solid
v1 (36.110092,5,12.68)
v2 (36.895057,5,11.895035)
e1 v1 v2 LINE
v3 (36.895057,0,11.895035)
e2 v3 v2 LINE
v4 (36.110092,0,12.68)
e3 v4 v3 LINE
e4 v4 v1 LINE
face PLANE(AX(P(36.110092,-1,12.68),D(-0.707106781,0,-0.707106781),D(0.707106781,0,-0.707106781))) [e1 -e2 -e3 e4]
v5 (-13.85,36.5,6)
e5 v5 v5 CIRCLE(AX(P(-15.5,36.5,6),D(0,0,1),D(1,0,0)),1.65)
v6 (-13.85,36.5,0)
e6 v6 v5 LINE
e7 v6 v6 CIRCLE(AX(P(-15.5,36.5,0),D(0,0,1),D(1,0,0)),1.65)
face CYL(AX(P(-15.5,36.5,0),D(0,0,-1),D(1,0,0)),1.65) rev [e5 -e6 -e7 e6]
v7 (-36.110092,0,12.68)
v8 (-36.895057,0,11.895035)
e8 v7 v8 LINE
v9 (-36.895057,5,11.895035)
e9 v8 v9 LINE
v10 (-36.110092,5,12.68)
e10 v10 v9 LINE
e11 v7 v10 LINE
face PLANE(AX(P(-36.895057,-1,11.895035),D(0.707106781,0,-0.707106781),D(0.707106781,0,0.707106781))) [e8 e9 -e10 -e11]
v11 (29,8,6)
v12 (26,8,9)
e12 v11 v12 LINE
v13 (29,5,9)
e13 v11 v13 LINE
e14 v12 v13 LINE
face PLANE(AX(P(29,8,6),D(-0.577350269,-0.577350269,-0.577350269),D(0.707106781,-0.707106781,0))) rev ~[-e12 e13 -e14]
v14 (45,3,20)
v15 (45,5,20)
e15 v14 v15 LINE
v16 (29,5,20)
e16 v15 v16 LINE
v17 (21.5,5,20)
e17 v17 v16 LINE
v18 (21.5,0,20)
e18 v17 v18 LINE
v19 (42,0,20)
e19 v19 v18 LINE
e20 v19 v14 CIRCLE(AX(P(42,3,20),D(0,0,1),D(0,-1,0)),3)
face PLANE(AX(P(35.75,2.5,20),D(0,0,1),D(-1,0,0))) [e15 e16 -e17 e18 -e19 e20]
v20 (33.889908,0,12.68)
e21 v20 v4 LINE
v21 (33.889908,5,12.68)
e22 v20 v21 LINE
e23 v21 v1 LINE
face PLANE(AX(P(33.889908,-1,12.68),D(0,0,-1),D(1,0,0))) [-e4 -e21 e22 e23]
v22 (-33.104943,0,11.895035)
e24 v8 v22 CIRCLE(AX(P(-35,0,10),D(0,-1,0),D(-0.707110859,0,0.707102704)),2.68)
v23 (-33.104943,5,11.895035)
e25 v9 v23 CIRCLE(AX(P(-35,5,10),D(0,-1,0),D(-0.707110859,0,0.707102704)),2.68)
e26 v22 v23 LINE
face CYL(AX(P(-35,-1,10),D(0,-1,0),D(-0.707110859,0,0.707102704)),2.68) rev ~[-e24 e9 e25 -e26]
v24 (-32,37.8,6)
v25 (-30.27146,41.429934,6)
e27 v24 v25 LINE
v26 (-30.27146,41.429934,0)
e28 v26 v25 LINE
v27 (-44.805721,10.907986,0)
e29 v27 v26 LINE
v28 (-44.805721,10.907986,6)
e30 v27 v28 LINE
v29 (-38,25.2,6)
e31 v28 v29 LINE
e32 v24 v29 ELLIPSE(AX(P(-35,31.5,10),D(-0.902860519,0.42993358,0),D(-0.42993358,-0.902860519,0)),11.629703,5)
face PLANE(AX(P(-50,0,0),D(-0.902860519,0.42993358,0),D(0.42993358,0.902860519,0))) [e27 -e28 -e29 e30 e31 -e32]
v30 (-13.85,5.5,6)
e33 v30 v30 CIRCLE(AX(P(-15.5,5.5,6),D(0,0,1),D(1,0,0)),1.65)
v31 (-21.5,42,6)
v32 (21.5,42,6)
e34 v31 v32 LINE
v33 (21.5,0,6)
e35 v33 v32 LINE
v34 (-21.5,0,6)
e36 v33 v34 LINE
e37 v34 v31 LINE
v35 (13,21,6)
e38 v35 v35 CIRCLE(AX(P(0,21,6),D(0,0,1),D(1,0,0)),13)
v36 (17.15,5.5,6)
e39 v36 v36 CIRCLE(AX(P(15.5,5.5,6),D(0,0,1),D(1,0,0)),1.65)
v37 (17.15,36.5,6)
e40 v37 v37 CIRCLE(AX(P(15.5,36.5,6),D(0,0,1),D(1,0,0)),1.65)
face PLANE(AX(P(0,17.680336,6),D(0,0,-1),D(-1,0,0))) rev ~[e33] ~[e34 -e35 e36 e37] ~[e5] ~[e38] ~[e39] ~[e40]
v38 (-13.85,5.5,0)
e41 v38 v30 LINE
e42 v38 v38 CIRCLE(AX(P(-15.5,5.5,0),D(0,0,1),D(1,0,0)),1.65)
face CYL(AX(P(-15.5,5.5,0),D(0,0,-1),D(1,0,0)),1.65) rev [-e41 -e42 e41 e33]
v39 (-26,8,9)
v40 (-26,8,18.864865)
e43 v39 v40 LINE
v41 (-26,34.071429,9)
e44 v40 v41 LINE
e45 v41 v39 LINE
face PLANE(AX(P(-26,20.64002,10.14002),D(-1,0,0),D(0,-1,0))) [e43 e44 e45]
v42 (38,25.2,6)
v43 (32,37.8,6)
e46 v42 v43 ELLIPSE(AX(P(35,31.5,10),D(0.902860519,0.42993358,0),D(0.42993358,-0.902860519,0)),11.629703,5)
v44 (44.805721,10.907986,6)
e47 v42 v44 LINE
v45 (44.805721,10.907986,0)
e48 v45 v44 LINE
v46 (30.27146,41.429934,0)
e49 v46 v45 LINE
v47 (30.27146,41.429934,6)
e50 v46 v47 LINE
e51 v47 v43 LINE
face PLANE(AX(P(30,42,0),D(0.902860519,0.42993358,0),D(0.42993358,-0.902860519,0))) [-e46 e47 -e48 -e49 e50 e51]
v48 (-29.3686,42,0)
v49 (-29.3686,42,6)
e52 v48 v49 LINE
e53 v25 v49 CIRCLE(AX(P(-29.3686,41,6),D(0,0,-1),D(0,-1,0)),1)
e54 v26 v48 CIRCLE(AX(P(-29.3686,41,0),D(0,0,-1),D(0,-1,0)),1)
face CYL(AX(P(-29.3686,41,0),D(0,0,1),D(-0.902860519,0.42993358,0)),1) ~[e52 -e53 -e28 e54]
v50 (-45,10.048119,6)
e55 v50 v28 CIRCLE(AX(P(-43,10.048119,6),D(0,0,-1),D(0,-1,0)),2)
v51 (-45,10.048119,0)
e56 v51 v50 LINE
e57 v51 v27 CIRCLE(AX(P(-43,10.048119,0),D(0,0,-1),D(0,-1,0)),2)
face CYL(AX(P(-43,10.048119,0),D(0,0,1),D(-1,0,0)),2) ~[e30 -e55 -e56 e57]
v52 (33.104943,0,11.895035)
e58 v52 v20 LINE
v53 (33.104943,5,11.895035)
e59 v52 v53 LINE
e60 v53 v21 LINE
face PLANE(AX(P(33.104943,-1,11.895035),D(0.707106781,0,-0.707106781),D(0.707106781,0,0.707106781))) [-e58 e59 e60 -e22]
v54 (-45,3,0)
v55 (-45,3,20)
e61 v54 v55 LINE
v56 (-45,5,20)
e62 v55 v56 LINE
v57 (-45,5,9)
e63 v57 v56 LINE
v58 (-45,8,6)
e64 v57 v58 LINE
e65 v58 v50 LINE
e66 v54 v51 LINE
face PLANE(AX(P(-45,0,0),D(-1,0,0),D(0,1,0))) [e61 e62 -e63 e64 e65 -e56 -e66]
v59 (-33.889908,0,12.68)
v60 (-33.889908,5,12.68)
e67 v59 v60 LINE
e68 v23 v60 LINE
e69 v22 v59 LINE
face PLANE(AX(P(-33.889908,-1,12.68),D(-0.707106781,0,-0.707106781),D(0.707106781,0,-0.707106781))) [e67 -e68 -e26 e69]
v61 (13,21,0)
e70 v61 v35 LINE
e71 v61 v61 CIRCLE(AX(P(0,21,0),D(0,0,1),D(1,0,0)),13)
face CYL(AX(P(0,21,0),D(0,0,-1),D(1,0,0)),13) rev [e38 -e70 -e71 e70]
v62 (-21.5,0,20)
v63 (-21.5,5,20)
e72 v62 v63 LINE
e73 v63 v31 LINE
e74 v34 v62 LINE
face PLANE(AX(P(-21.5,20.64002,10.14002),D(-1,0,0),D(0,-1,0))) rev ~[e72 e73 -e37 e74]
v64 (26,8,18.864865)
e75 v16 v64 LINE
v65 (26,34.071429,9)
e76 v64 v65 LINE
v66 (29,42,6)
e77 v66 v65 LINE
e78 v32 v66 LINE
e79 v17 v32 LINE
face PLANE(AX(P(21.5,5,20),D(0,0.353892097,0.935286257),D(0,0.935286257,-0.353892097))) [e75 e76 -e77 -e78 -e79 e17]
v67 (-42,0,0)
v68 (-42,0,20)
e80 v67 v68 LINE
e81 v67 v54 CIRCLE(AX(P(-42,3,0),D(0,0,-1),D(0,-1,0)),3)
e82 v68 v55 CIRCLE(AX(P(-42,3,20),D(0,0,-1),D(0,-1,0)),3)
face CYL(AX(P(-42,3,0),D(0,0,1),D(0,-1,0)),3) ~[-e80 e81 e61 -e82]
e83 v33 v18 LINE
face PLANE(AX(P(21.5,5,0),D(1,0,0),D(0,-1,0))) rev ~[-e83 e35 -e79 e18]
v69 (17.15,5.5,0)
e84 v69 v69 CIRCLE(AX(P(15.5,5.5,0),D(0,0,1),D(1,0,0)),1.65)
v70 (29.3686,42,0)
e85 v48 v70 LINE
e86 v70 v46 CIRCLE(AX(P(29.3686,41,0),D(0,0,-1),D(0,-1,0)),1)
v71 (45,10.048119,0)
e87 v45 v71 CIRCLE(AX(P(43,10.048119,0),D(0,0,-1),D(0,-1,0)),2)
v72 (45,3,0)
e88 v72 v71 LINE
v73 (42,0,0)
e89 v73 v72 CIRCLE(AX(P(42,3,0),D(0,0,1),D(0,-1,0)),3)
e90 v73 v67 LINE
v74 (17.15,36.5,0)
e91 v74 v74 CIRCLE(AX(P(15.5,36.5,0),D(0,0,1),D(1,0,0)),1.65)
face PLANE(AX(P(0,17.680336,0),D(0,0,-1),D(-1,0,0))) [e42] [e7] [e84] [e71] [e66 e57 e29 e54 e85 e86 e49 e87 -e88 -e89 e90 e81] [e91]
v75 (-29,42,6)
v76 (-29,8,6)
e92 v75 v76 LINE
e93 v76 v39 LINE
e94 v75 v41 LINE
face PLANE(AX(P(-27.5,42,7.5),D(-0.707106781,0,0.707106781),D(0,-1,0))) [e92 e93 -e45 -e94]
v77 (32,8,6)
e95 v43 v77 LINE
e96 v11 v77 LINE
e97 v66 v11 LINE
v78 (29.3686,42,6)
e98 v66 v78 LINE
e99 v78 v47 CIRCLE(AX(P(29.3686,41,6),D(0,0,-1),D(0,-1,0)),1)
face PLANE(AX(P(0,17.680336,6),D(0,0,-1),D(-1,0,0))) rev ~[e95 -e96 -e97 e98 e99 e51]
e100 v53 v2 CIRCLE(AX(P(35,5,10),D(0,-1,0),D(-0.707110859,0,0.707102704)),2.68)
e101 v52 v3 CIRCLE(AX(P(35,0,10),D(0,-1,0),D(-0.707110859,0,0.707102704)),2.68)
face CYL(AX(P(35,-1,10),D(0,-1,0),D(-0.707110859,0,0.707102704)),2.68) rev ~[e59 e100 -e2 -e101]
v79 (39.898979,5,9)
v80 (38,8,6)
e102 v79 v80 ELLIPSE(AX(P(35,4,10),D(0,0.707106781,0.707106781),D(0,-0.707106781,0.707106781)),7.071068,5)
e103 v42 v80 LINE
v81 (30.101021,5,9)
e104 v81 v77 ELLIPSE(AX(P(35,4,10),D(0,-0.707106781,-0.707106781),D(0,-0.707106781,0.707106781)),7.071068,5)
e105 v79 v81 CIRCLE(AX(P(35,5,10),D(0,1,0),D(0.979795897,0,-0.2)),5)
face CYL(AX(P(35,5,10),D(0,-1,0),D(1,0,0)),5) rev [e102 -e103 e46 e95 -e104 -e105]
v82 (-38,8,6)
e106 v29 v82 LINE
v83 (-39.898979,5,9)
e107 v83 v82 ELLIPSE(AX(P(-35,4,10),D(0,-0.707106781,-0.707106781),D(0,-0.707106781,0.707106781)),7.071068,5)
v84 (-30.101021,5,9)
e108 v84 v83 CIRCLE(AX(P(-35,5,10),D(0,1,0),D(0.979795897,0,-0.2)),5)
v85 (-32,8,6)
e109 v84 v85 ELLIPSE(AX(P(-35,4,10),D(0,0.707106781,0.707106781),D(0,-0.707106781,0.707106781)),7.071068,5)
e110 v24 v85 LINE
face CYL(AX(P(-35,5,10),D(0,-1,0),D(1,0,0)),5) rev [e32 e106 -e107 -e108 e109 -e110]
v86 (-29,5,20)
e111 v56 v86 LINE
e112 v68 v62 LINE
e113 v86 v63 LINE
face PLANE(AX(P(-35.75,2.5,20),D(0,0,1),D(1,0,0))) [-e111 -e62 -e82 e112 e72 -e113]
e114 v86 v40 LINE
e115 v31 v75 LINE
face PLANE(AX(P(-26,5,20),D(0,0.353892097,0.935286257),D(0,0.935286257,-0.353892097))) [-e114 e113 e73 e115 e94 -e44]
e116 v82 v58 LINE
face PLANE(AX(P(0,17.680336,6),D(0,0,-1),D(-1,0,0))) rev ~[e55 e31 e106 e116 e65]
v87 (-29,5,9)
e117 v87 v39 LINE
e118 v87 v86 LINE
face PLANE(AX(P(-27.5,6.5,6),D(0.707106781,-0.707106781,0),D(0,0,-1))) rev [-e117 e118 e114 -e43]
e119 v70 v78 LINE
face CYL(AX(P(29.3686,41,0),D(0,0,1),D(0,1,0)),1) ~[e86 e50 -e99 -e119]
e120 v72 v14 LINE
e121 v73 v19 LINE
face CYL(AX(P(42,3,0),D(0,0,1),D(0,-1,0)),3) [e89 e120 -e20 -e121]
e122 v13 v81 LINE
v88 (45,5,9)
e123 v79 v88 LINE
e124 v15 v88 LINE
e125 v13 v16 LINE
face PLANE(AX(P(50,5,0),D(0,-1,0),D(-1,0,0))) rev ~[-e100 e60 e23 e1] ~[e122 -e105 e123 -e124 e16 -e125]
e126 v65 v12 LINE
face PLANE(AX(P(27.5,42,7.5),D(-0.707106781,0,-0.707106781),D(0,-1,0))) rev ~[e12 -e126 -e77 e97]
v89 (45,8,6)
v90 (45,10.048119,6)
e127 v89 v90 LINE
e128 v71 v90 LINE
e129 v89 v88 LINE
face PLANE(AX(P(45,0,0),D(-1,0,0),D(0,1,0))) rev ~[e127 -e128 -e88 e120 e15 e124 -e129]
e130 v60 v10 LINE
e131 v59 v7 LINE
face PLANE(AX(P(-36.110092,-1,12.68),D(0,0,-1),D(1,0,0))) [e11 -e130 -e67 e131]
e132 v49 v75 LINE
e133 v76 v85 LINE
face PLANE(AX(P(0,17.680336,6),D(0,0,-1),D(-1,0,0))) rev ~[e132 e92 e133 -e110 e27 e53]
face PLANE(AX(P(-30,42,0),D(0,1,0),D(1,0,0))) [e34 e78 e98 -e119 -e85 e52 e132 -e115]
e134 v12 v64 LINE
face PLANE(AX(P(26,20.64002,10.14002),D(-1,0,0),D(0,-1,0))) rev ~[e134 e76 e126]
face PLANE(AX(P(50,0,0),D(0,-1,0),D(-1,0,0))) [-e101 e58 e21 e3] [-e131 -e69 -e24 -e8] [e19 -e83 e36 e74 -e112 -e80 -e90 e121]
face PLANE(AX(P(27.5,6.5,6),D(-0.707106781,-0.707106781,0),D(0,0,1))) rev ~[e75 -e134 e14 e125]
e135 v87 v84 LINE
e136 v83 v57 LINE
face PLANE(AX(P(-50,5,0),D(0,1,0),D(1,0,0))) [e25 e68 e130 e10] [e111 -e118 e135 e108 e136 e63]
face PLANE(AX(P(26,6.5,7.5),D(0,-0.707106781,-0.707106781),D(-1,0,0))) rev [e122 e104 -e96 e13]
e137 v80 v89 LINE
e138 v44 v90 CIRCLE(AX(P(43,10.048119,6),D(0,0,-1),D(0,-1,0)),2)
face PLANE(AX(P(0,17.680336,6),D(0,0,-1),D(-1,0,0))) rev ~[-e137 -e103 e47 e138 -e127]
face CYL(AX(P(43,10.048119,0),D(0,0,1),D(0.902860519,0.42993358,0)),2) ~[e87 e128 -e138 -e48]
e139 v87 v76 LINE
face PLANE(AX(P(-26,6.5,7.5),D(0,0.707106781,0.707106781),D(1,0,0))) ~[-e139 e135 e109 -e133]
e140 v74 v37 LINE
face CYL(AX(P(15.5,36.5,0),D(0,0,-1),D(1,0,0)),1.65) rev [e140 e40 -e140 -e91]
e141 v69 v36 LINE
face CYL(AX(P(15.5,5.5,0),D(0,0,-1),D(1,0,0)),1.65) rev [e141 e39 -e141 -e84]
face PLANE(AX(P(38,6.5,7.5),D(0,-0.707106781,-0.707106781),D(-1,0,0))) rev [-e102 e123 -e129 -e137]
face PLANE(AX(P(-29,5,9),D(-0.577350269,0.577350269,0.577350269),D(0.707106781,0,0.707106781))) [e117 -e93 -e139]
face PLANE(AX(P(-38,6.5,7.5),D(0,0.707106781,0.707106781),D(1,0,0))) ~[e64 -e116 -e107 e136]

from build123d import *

# Parameters (mm, degrees)
BOX001_W                             = 10
BOX001_H                             = 20
BOX001_DEPTH                         = 20
EXTRUDE002_DEPTH                     = 10
EXTRUDE002_ONTO_SKETCH003_ROLL_ANGLE = 90
BOX_W                                = 28.5
BOX_H                                = 5
BOX_DEPTH                            = 20
CLONE_PLACEMENT_ANGLE                = 180
CYLINDER_R                           = 5
CYLINDER_DEPTH                       = 35
CYLINDER_ROLL_ANGLE                  = -90
SKETCH_R                             = 1.65
SKETCH_R_2                           = 13
EXTRUDE_DEPTH                        = 6
EXTRUDE001_DEPTH                     = 4.5
CHAMFER_SIZE                         = 3
FILLET_1_R                           = 3
FILLET_2_R                           = 2
FILLET_3_R                           = 1


with BuildPart() as cubo:
    # Box001 → Box001 (new body)
    with BuildSketch(Plane(origin=(45, 0, 0), x_dir=(1, 0, 0), z_dir=(0, 0, 1))):
        with Locations((5, 10)):
            Rectangle(BOX001_W, BOX001_H)
    extrude(amount=BOX001_DEPTH)


with BuildPart() as clone_of_cubo:
    # Clone004 base: copy of Cubo
    add(cubo.part)


with BuildPart() as clone_of_cubo_1:
    # Clone004 placement: moved
    add(clone_of_cubo.part.moved(Location((-100, 0, 0))))


with BuildPart() as cubos_recorte:
    # Fusion002 base: copy of Cubo
    add(cubo.part)

    # Fusion002: union Clone of Cubo
    add(clone_of_cubo_1.part)


with BuildPart() as m5_repraphole_extrusion:
    # Sketch003 as drawn → Extrude002 (new)
    with BuildSketch(Plane.XY):
        with BuildLine():
            ThreePointArc((-1.895057, 1.895035), (0, -2.68), (1.895057, 1.895035))
            Line((1.110092, 2.68), (1.895057, 1.895035))
            Line((-1.110092, 2.68), (1.110092, 2.68))
            Line((-1.895057, 1.895035), (-1.110092, 2.68))
        make_face()
    extrude(amount=-EXTRUDE002_DEPTH)


with BuildPart() as m5_repraphole_extrusion_1:
    # Extrude002 onto Sketch003 roll: moved
    add(m5_repraphole_extrusion.part.rotate(Axis((0, 0, 0), (1, 0, 0)), EXTRUDE002_ONTO_SKETCH003_ROLL_ANGLE))


with BuildPart() as m5_repraphole_extrusion_2:
    # Extrude002 onto Sketch003 placement: moved
    add(m5_repraphole_extrusion_1.part.moved(Location((0, 0, 10))))


with BuildPart() as m5_repraphole_extrusion_3:
    # Extrude002 placement: moved
    add(m5_repraphole_extrusion_2.part.moved(Location((35, -1, 0))))


with BuildPart() as clone002:
    # Clone002 base: copy of M5_repraphole_extrusion
    add(m5_repraphole_extrusion_3.part)


with BuildPart() as clone002_1:
    # Clone002 placement: moved
    add(clone002.part.moved(Location((-70, 0, 0))))


with BuildPart() as soporte_vertical:
    # Box → Box (new body)
    with BuildSketch(Plane(origin=(-50, 0, 0), x_dir=(1, 0, 0), z_dir=(0, 0, 1))):
        with Locations((14.25, 2.5)):
            Rectangle(BOX_W, BOX_H)
    extrude(amount=BOX_DEPTH)


with BuildPart() as cut:
    # Cut base: copy of soporte_vertical
    add(soporte_vertical.part)

    # Cut: cut Clone002
    add(clone002_1.part, mode=Mode.SUBTRACT)


with BuildPart() as cut001:
    # Clone base: copy of soporte_vertical
    add(soporte_vertical.part)


with BuildPart() as cut001_1:
    # Clone placement: moved
    add(cut001.part.moved(Location((0, 5, 0))).rotate(Axis((0, 5, 0), (0, 0, 1)), CLONE_PLACEMENT_ANGLE))

    # Cut001: cut M5_repraphole_extrusion
    add(m5_repraphole_extrusion_3.part, mode=Mode.SUBTRACT)


with BuildPart() as hueco_cabeza_tornillo:
    # Cylinder → Cylinder (new body)
    with BuildSketch(Plane.XY):
        Circle(CYLINDER_R)
    extrude(amount=CYLINDER_DEPTH)


with BuildPart() as hueco_cabeza_tornillo_1:
    # Cylinder roll: moved
    add(hueco_cabeza_tornillo.part.rotate(Axis((0, 0, 0), (1, 0, 0)), CYLINDER_ROLL_ANGLE))


with BuildPart() as hueco_cabeza_tornillo_2:
    # Cylinder placement: moved
    add(hueco_cabeza_tornillo_1.part.moved(Location((35, 5, 10))))


with BuildPart() as huecos_cabeza_tornillo:
    # Clone003 base: copy of hueco_cabeza_tornillo
    add(hueco_cabeza_tornillo_2.part)


with BuildPart() as huecos_cabeza_tornillo_1:
    # Clone003 placement: moved
    add(huecos_cabeza_tornillo.part.moved(Location((-70, 0, 0))))

    # Fusion: union hueco_cabeza_tornillo
    add(hueco_cabeza_tornillo_2.part)


with BuildPart() as base_hueco_motor_con_cabeza_tornillo:
    # Sketch → Extrude (new body)
    with BuildSketch(Plane.XY):
        Polygon((-30, 42), (30, 42), (50, 0), (-50, 0), align=None)
        with Locations((-15.5, 36.5)):
            Circle(SKETCH_R, mode=Mode.SUBTRACT)
        with Locations((15.5, 36.5)):
            Circle(SKETCH_R, mode=Mode.SUBTRACT)
        with Locations((-15.5, 5.5)):
            Circle(SKETCH_R, mode=Mode.SUBTRACT)
        with Locations((15.5, 5.5)):
            Circle(SKETCH_R, mode=Mode.SUBTRACT)
        with Locations((0, 21)):
            Circle(SKETCH_R_2, mode=Mode.SUBTRACT)
    extrude(amount=EXTRUDE_DEPTH)

    # Cut002: cut huecos_cabeza_tornillo
    add(huecos_cabeza_tornillo_1.part, mode=Mode.SUBTRACT)


with BuildPart() as refuerzo_triangular:
    # Sketch002 → Extrude001 (new body)
    with BuildSketch(Plane.YZ):
        Polygon((5, 20), (42, 6), (5, 6), align=None)
    extrude(amount=EXTRUDE001_DEPTH)


with BuildPart() as refuerzo_triangular_1:
    # Extrude001 placement: moved
    add(refuerzo_triangular.part.moved(Location((21.5, 0, 0))))


with BuildPart() as clone001:
    # Clone001 base: copy of refuerzo_triangular
    add(refuerzo_triangular_1.part)


with BuildPart() as clone001_1:
    # Clone001 placement: moved
    add(clone001.part.moved(Location((-47.5, 0, 0))))


with BuildPart() as nema17_holder_v03:
    # Fusion001 base: copy of refuerzo_triangular
    add(refuerzo_triangular_1.part)

    # Fusion001: union Cut, Cut001, base_hueco_motor_con_cabeza_tornillo, Clone001
    add(cut.part)
    add(cut001_1.part)
    add(base_hueco_motor_con_cabeza_tornillo.part)
    add(clone001_1.part)

    # Chamfer
    chamfer_edges = [nema17_holder_v03.edges().sort_by_distance(p)[0] for p in [
        (26, 5, 13),
        (26, 23.5, 6),
        (42.809524, 5, 6),
        (29, 5, 6),
        (-26, 23.5, 6),
        (-29, 5, 6),
        (-42.809524, 5, 6),
        (-26, 5, 13),
    ]]
    chamfer(chamfer_edges, length=CHAMFER_SIZE)

    # Cut003: cut cubos_recorte
    add(cubos_recorte.part, mode=Mode.SUBTRACT)

    # Fillet 1
    fillet_1_edges = [nema17_holder_v03.edges().sort_by_distance(p)[0] for p in [
        (45, 0, 10),
        (-45, 0, 10),
    ]]
    fillet(fillet_1_edges, radius=FILLET_1_R)

    # Fillet 2
    fillet_2_edges = [nema17_holder_v03.edges().sort_by_distance(p)[0] for p in [
        (45, 10.5, 3),
        (-45, 10.5, 3),
    ]]
    fillet(fillet_2_edges, radius=FILLET_2_R)

    # Fillet 3
    fillet_3_edges = [nema17_holder_v03.edges().sort_by_distance(p)[0] for p in [
        (30, 42, 3),
        (-30, 42, 3),
    ]]
    fillet(fillet_3_edges, radius=FILLET_3_R)


solid = nema17_holder_v03.part
